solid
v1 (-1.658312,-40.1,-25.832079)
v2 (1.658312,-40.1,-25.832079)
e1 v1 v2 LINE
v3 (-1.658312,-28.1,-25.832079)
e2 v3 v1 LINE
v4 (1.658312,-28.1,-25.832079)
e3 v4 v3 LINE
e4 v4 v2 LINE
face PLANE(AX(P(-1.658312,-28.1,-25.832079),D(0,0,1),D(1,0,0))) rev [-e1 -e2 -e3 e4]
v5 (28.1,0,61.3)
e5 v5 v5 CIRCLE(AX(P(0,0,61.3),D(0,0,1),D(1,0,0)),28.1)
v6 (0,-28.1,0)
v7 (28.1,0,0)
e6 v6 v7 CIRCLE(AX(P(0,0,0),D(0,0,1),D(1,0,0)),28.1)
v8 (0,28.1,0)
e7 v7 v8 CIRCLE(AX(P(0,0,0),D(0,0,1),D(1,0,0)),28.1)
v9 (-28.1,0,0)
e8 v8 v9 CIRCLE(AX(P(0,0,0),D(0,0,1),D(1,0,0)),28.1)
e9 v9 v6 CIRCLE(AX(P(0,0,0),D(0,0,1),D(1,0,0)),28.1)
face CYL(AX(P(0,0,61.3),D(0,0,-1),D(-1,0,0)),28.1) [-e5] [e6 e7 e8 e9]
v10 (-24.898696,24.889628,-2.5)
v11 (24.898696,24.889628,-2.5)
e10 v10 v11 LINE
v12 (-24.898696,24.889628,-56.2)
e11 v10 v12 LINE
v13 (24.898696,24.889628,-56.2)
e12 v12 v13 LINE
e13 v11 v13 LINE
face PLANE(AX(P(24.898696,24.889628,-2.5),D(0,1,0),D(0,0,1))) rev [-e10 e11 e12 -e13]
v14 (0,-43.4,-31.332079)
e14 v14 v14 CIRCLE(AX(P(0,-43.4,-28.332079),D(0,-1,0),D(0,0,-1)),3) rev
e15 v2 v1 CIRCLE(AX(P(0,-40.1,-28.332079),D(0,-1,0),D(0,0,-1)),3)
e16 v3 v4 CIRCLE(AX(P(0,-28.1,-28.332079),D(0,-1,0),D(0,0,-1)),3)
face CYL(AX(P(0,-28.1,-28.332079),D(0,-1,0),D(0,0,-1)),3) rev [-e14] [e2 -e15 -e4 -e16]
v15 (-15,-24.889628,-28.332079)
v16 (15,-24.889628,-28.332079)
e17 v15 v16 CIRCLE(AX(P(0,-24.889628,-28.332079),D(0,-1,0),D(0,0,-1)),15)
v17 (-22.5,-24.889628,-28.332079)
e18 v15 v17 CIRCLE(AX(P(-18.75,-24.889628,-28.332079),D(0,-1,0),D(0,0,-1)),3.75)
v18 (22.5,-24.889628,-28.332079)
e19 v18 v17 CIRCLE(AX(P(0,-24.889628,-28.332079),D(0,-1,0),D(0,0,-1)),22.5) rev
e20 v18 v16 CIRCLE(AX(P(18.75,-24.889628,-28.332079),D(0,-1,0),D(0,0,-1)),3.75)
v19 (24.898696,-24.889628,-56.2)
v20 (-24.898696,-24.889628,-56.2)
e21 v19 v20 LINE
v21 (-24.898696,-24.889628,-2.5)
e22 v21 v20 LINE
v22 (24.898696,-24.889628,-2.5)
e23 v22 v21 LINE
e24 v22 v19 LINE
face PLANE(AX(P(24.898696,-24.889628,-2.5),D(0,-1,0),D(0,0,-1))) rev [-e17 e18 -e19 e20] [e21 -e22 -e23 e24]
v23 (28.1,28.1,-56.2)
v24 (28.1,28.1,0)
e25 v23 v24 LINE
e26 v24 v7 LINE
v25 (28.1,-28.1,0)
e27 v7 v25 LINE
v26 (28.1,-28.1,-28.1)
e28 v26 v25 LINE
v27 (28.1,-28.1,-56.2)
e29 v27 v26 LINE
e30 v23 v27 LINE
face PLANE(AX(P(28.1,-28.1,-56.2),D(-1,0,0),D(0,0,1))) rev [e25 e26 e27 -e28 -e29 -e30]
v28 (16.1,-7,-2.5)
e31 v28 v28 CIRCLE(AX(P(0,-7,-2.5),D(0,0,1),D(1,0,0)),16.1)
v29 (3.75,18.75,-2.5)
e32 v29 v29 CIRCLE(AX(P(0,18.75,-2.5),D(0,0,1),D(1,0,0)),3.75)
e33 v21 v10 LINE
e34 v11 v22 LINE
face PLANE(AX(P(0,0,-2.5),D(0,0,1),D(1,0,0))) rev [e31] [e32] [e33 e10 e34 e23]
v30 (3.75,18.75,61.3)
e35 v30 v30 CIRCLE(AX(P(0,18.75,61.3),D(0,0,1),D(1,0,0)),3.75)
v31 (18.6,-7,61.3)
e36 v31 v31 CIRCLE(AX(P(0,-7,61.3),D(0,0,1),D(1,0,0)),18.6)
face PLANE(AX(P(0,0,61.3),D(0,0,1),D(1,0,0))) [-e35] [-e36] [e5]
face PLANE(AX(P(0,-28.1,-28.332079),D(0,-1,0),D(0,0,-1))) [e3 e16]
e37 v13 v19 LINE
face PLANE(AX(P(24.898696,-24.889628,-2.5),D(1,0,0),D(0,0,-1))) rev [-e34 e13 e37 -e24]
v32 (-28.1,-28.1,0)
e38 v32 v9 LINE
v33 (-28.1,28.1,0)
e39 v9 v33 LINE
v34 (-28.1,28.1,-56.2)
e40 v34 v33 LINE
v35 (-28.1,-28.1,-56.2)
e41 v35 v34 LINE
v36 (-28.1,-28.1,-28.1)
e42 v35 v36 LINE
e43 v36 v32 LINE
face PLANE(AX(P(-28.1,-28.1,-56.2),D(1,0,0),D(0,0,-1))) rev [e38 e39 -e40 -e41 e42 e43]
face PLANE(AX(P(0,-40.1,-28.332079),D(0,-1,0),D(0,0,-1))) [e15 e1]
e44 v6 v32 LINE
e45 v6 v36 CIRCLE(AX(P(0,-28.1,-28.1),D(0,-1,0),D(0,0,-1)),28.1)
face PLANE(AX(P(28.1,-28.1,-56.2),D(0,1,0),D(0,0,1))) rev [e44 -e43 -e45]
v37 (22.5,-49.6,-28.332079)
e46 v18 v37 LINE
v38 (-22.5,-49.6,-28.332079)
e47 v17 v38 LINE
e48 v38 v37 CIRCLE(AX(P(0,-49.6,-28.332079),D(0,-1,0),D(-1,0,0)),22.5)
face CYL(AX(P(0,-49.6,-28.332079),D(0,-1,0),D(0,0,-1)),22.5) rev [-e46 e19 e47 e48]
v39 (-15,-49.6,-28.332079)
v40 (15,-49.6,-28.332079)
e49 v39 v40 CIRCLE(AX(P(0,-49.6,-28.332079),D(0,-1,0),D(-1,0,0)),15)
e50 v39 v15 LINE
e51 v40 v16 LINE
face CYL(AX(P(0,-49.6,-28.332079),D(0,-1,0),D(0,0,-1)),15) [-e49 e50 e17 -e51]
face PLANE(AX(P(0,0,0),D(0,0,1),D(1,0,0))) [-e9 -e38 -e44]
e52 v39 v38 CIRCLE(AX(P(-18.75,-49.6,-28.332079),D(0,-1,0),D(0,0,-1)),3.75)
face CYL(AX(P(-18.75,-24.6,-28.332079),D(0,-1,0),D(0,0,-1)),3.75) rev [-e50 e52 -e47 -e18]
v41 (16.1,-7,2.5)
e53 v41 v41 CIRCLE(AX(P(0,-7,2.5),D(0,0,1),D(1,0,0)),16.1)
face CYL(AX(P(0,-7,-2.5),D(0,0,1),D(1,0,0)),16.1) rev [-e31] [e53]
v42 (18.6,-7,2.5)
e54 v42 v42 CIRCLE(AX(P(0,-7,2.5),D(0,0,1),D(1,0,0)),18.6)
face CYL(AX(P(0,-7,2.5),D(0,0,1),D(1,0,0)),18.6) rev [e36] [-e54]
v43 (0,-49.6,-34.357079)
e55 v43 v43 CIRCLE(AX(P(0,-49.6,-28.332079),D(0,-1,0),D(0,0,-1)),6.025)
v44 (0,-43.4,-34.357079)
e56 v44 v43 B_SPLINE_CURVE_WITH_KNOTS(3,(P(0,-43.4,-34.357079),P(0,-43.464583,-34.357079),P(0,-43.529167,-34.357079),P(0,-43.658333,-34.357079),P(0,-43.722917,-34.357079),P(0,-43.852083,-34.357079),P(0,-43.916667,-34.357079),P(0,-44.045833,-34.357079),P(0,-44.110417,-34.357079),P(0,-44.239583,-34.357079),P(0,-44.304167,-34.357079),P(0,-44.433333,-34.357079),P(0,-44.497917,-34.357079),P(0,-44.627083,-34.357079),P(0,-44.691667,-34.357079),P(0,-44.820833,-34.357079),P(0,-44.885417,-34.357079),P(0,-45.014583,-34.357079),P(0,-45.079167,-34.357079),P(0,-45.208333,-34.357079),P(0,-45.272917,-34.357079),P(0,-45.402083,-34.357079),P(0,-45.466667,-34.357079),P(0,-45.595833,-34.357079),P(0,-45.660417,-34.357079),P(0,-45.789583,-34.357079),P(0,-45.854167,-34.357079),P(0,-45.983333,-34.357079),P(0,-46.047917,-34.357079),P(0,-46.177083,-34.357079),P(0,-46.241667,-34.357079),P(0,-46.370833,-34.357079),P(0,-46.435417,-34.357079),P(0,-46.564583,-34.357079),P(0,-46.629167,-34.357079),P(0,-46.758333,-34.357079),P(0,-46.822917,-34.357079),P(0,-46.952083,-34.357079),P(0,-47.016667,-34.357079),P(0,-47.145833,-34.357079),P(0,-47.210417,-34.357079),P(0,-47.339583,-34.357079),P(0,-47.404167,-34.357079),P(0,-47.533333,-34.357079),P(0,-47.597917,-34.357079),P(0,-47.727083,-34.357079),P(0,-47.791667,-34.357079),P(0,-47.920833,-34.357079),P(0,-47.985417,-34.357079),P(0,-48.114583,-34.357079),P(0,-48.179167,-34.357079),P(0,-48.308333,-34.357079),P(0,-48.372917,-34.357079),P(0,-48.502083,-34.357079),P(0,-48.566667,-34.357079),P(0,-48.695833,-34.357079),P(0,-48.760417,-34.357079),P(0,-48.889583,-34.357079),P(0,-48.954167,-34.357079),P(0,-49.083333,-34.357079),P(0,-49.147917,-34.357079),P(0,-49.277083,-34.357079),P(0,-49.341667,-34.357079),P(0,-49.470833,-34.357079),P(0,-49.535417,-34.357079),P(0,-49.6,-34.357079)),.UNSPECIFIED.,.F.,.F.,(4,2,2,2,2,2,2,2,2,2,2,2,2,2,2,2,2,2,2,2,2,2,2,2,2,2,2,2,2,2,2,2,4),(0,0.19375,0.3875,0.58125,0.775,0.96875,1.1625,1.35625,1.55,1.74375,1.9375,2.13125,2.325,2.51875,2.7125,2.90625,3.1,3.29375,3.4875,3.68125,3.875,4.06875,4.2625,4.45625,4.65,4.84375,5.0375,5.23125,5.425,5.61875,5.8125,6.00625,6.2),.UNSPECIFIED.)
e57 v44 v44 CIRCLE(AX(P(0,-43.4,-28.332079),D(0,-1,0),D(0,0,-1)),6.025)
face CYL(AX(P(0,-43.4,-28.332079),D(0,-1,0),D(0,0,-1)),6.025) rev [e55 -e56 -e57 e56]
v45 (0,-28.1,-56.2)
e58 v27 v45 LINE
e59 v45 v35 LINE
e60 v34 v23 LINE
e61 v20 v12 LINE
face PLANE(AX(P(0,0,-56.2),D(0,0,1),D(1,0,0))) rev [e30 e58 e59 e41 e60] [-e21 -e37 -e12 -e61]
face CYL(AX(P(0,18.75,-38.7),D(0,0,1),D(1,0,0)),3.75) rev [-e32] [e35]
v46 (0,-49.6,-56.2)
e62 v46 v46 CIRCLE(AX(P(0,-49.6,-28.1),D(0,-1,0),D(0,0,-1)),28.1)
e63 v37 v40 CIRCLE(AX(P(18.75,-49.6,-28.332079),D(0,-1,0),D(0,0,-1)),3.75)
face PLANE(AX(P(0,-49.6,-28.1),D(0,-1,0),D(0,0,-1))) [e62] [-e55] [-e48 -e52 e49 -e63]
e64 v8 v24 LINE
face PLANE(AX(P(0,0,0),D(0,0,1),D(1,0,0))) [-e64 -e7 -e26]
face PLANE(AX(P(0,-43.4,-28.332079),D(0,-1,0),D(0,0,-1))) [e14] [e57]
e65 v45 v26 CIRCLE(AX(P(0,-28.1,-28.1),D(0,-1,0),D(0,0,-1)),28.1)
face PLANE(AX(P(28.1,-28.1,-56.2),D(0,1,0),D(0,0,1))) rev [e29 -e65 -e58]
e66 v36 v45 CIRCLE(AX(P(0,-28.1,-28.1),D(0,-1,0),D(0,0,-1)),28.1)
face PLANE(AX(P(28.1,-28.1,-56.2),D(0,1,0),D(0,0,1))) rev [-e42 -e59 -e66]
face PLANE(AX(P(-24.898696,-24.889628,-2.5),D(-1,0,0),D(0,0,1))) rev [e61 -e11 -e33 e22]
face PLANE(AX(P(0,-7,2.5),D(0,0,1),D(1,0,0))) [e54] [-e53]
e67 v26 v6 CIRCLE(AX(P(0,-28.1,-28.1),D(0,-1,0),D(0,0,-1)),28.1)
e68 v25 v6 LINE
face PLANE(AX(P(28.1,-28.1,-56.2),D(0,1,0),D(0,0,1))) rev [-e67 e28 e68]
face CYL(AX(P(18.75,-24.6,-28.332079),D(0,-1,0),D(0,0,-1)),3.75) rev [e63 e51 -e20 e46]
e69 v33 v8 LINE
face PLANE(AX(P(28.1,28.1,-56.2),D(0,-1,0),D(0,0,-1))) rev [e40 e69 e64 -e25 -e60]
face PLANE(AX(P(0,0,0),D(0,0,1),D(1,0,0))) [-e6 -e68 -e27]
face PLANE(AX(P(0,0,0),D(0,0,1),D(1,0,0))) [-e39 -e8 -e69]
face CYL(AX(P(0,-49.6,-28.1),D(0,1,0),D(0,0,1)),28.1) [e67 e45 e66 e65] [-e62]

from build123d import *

# Parameters (mm, degrees)
SKETCH1_R           = 28.1
BOSS_EXTRUDE2_DEPTH = 61.3
SKETCH3_R           = 18.6
CUT_EXTRUDE2_DEPTH  = 58.8
SKETCH4_W           = 56.2
SKETCH4_H           = 56.2
BOSS_EXTRUDE3_DEPTH = 56.2
SKETCH5_R           = 16.1
CUT_EXTRUDE4_DEPTH  = 5
SKETCH6_W           = 49.797391422
SKETCH6_H           = 49.779255452
CUT_EXTRUDE5_DEPTH  = 53.7
SKETCH7_R           = 28.1
BOSS_EXTRUDE4_DEPTH = 21.5
CUT_EXTRUDE6_DEPTH  = 21.5
SKETCH9_R           = 3
CUT_EXTRUDE7_DEPTH  = 9.5
SKETCH10_R          = 6.025
CUT_EXTRUDE8_DEPTH  = 6.2
SKETCH18_R          = 3.75
CUT_EXTRUDE9_DEPTH  = 100
SKETCH19_R          = 3.75
CUT_EXTRUDE11_DEPTH = 25


with BuildPart() as part:
    # Sketch1 → Boss-Extrude2 (new body)
    with BuildSketch(Plane.XY):
        Circle(SKETCH1_R)
    extrude(amount=BOSS_EXTRUDE2_DEPTH)

    # Sketch3 → Cut-Extrude2 (cut)
    with BuildSketch(Plane.XY.offset(61.3)):
        with Locations((0, -7)):
            Circle(SKETCH3_R)
    extrude(amount=-CUT_EXTRUDE2_DEPTH, mode=Mode.SUBTRACT)

    # Sketch4 → Boss-Extrude3 (add)
    with BuildSketch(Plane(origin=(0, 0, 0), x_dir=(-1, 0, 0), z_dir=(0, 0, -1))):
        Rectangle(SKETCH4_W, SKETCH4_H)
    extrude(amount=BOSS_EXTRUDE3_DEPTH)

    # Sketch5 → Cut-Extrude4 (cut)
    with BuildSketch(Plane.XY.offset(2.5)):
        with Locations((0, -7)):
            Circle(SKETCH5_R)
    extrude(amount=-CUT_EXTRUDE4_DEPTH, mode=Mode.SUBTRACT)

    # Sketch6 → Cut-Extrude5 (cut)
    with BuildSketch(Plane(origin=(0, 0, -56.2), x_dir=(-1, 0, 0), z_dir=(0, 0, -1))):
        Rectangle(SKETCH6_W, SKETCH6_H)
    extrude(amount=-CUT_EXTRUDE5_DEPTH, mode=Mode.SUBTRACT)

    # Sketch7 → Boss-Extrude4 (add)
    with BuildSketch(Plane(origin=(0, -28.1, 0), x_dir=(-1, 0, 0), z_dir=(0, -1, 0))):
        with Locations(Location((0, 28.1, 0), (0, 0, 90))):
            Circle(SKETCH7_R)
    extrude(amount=BOSS_EXTRUDE4_DEPTH)

    # Sketch8 → Cut-Extrude6 (cut)
    with BuildSketch(Plane(origin=(0, -49.6, 0), x_dir=(-1, 0, 0), z_dir=(0, -1, 0))):
        with BuildLine():
            Line((1.658312395, 25.832078896), (-1.658312395, 25.832078896))
            ThreePointArc((-1.658312395, 25.832078896), (0, 31.332078896), (1.658312395, 25.832078896))
        make_face()
    extrude(amount=-CUT_EXTRUDE6_DEPTH, mode=Mode.SUBTRACT)

    # Sketch9 → Cut-Extrude7 (cut)
    with BuildSketch(Plane(origin=(0, -49.6, 0), x_dir=(-1, 0, 0), z_dir=(0, -1, 0))):
        with Locations(Location((0, 28.332078896, 0), (0, 0, 90))):
            Circle(SKETCH9_R)
    extrude(amount=-CUT_EXTRUDE7_DEPTH, mode=Mode.SUBTRACT)

    # Sketch10 → Cut-Extrude8 (cut)
    with BuildSketch(Plane(origin=(0, -49.6, 0), x_dir=(-1, 0, 0), z_dir=(0, -1, 0))):
        with Locations(Location((0, 28.332078896, 0), (0, 0, 90))):
            Circle(SKETCH10_R)
    extrude(amount=-CUT_EXTRUDE8_DEPTH, mode=Mode.SUBTRACT)

    # Cut-Sweep4: sweep along a path in Sketch15
    with BuildLine(Plane(origin=(0, -49.6, 0), x_dir=(-1, 0, 0), z_dir=(0, -1, 0))) as cut_sweep4_path:
        ThreePointArc((15, 28.332078896), (0, 43.332078896), (-15, 28.332078896))
    # 3DSketch2 → Cut-Sweep4 (sweep, cut)
    with BuildSketch(Plane(origin=(-15, -49.6, -28.332078896), x_dir=(-0.24561664909913958, 0.9693670417779378, 0), z_dir=(0, 0, 1))):
        Polygon((0, 0), (1.842124868, 7.270252813), (30.535389305, 0), (28.693264437, -7.270252813), align=None)
    sweep(path=cut_sweep4_path.line, mode=Mode.SUBTRACT)

    # Sketch18 → Cut-Extrude9 (cut)
    with BuildSketch(Plane.XY.offset(61.3)):
        with Locations((0, 18.75)):
            Circle(SKETCH18_R)
    extrude(amount=-CUT_EXTRUDE9_DEPTH, mode=Mode.SUBTRACT)

    # Sketch19 → Cut-Extrude11 (cut)
    with BuildSketch(Plane(origin=(0, -49.6, 0), x_dir=(-1, 0, 0), z_dir=(0, -1, 0))):
        with Locations((-18.75, 28.332078896)):
            Circle(SKETCH19_R)
        with Locations((18.75, 28.332078896)):
            Circle(SKETCH19_R)
    extrude(amount=-CUT_EXTRUDE11_DEPTH, mode=Mode.SUBTRACT)


solid = part.part
